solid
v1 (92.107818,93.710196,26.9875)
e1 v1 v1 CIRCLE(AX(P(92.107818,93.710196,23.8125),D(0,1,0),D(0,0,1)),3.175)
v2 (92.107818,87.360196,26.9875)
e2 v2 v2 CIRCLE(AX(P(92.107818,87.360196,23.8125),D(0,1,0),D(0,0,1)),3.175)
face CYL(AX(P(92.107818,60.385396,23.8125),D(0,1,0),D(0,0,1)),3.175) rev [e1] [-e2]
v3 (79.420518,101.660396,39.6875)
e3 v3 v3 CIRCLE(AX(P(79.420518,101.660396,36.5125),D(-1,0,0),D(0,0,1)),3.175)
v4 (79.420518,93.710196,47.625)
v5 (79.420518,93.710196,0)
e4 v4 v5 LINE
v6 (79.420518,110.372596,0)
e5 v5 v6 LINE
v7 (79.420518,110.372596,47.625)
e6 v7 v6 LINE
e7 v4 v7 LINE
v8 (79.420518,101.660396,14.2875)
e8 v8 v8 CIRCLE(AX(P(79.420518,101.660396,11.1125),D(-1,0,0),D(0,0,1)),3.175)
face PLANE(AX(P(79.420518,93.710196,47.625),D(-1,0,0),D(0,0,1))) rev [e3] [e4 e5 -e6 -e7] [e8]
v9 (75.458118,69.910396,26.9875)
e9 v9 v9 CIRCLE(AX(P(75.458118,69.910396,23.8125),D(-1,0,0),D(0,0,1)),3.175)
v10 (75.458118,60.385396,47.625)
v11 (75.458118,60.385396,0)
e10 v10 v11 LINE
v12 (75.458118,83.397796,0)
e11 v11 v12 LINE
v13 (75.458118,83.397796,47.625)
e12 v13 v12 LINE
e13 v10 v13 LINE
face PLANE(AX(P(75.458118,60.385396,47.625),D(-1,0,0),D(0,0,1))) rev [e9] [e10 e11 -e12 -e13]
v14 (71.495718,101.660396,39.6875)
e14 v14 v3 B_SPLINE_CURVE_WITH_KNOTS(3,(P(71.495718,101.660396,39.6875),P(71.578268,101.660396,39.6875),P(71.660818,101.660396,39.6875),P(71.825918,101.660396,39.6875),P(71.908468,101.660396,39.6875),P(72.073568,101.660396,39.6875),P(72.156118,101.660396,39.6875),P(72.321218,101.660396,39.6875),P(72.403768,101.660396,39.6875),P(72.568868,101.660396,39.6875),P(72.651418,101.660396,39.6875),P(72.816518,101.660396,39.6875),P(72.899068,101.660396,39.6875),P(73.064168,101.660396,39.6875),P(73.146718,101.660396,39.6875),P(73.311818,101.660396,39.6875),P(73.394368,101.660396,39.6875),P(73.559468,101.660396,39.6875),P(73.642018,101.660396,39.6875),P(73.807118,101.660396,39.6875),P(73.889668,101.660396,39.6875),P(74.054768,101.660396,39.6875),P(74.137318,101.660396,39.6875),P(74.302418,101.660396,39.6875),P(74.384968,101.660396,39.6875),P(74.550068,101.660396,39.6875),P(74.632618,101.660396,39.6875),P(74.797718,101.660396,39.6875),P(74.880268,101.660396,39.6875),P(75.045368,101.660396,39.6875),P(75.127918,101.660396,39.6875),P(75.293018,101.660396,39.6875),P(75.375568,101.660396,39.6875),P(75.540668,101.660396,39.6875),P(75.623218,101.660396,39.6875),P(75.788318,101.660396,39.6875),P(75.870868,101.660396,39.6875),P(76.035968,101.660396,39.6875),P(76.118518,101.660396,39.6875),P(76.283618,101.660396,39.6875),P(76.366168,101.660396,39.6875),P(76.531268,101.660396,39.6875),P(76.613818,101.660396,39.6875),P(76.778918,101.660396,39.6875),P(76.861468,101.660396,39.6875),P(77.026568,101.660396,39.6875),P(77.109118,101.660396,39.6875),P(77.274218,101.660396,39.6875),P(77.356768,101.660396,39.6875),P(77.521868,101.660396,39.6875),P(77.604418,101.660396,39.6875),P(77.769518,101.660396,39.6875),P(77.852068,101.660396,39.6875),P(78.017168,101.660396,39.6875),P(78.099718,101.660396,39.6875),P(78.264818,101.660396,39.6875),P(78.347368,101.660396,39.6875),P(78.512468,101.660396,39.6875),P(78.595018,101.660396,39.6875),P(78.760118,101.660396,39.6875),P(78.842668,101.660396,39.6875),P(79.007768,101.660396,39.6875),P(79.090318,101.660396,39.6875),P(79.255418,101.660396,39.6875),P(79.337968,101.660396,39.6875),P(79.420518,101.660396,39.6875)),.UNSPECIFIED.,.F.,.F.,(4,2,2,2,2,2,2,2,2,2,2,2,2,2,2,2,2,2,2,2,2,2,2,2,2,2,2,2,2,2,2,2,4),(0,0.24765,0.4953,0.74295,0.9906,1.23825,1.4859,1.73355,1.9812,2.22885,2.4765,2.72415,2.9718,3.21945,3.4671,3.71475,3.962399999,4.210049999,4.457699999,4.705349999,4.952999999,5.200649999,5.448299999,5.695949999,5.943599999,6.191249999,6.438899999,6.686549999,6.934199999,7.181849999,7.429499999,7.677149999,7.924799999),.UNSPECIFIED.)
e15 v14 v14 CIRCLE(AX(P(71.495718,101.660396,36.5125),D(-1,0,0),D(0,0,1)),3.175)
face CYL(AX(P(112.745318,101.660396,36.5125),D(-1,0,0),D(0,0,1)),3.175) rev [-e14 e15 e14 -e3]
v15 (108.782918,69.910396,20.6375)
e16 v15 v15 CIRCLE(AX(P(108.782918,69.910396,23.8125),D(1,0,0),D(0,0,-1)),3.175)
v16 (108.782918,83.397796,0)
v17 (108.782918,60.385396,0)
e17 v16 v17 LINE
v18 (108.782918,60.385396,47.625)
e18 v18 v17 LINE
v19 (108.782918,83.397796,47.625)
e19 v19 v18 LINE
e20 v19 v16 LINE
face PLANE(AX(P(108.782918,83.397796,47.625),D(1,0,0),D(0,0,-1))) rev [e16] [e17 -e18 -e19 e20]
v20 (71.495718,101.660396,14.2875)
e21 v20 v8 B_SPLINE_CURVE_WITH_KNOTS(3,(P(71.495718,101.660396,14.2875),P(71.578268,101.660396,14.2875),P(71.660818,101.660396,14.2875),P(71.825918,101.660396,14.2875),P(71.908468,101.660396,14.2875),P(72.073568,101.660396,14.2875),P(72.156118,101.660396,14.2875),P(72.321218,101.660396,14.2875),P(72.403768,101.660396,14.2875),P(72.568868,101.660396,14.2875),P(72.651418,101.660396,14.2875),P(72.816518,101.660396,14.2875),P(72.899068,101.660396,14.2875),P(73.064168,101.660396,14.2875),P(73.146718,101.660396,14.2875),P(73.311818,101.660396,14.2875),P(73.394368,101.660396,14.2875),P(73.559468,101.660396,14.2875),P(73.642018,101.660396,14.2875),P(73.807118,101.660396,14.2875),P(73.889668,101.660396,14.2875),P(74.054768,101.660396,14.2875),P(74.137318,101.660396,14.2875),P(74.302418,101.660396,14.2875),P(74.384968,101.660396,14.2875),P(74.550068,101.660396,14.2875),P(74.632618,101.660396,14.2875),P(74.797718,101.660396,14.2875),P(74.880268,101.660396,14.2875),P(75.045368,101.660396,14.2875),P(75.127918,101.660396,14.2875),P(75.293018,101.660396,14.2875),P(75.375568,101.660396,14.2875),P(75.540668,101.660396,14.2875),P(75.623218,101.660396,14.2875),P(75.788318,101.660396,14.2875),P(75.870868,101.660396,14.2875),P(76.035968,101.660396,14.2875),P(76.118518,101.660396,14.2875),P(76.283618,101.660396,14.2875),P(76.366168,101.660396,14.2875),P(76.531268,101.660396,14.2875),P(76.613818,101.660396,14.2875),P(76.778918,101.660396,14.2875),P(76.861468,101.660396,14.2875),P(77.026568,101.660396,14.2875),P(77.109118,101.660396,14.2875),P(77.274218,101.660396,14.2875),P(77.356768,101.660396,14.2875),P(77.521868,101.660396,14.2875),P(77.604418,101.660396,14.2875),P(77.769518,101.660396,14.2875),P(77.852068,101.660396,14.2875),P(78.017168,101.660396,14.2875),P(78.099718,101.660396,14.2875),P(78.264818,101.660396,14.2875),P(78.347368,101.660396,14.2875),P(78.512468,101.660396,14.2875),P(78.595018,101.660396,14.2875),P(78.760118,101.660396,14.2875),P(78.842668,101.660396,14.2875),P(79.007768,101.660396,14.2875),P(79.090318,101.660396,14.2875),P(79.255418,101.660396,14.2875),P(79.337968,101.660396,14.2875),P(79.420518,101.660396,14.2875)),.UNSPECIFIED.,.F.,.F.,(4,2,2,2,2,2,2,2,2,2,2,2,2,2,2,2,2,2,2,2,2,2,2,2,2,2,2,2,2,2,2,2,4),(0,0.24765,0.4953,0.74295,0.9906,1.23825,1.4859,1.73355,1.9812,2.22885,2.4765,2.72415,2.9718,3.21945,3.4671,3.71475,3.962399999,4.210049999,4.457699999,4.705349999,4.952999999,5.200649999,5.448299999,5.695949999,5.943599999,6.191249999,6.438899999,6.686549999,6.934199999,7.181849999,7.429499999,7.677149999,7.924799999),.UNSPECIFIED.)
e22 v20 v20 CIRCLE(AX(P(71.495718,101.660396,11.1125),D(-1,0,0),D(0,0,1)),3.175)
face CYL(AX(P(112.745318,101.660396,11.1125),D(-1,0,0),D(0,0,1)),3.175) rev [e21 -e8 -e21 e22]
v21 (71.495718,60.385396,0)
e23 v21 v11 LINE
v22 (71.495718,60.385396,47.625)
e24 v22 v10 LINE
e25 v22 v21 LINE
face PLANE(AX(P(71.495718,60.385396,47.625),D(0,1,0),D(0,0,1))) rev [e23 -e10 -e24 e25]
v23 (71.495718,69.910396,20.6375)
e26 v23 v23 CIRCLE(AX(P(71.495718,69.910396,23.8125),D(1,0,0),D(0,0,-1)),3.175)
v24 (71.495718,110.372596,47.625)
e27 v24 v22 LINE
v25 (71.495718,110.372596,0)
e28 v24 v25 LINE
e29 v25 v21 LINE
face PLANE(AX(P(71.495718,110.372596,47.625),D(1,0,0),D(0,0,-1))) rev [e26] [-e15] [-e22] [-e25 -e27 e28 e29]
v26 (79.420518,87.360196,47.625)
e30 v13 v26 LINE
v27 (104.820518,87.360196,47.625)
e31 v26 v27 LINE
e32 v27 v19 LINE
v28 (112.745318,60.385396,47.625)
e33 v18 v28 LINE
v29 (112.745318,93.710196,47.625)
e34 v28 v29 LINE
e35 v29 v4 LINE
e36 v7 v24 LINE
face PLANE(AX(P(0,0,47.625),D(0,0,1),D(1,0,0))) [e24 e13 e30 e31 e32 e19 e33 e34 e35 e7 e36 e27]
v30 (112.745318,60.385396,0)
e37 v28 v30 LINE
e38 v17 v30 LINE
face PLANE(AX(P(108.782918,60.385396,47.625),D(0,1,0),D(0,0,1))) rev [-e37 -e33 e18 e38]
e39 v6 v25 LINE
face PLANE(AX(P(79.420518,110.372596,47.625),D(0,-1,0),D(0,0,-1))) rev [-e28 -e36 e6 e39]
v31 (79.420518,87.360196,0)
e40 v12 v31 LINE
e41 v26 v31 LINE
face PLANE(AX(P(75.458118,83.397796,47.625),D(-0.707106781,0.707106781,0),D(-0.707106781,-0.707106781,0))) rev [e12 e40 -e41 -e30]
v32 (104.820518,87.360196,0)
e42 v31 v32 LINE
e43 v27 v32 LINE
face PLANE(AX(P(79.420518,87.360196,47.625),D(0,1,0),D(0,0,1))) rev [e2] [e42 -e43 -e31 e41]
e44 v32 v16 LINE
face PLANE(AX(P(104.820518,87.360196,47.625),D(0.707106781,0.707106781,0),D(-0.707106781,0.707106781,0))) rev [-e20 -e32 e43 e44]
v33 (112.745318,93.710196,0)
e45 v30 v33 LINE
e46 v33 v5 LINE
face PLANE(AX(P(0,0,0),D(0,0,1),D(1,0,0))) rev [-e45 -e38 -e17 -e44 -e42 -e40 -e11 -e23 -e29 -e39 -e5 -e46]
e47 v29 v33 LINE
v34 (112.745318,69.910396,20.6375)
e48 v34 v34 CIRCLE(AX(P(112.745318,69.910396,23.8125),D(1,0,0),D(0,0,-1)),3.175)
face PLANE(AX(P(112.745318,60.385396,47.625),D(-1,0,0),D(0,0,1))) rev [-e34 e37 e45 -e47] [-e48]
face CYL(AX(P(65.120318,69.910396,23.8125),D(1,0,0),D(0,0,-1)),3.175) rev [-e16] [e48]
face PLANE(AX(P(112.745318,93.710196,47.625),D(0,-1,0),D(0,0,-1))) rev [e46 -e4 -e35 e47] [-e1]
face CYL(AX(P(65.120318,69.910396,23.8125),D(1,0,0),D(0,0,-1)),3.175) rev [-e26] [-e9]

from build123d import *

# Parameters (mm, degrees)
BOSS_EXTRUDE2_DEPTH = 47.625
SKETCH2_R           = 3.175
CUT_EXTRUDE1_DEPTH  = 127.847111609
SKETCH4_R           = 3.175
CUT_EXTRUDE2_DEPTH  = 128.089653795
SKETCH5_R           = 3.175
CUT_EXTRUDE3_DEPTH  = 47.625


with BuildPart() as part:
    # Model → Boss-Extrude2 (new body)
    with BuildSketch(Plane.XY):
        Polygon((112.745318321, 60.38539613), (112.745318321, 93.710196132), (79.420518319, 93.710196132), (79.420518319, 110.37259613), (71.49571832, 110.37259613), (71.49571832, 60.38539613), (75.45811832, 60.38539613), (75.45811832, 83.397796131), (79.420518319, 87.360196131), (104.82051832, 87.360196131), (108.782918319, 83.397796131), (108.782918319, 60.38539613), align=None)
    extrude(amount=BOSS_EXTRUDE2_DEPTH)

    # Sketch2 → Cut-Extrude1 (cut, through all)
    with BuildSketch(Plane(origin=(0, 93.710196132, 0), x_dir=(1, 0, 0), z_dir=(0, 1, 0))):
        with Locations(Location((92.107818321, -23.8125, 0), (0, 0, 270))):
            Circle(SKETCH2_R)
    extrude(amount=-CUT_EXTRUDE1_DEPTH, mode=Mode.SUBTRACT)

    # Sketch4 → Cut-Extrude2 (cut, through all)
    with BuildSketch(Plane.ZY.offset(-71.49571832)):
        with Locations((11.1125, 101.66039613)):
            Circle(SKETCH4_R)
        with Locations((36.5125, 101.66039613)):
            Circle(SKETCH4_R)
    extrude(amount=-CUT_EXTRUDE2_DEPTH, mode=Mode.SUBTRACT)

    # Sketch5 → Cut-Extrude3 (cut)
    with BuildSketch(Plane(origin=(112.745318321, 0, 0), x_dir=(0, 0, -1), z_dir=(1, 0, 0))):
        with Locations((-23.8125, 69.91039613)):
            Circle(SKETCH5_R)
    extrude(amount=-CUT_EXTRUDE3_DEPTH, mode=Mode.SUBTRACT)


solid = part.part
